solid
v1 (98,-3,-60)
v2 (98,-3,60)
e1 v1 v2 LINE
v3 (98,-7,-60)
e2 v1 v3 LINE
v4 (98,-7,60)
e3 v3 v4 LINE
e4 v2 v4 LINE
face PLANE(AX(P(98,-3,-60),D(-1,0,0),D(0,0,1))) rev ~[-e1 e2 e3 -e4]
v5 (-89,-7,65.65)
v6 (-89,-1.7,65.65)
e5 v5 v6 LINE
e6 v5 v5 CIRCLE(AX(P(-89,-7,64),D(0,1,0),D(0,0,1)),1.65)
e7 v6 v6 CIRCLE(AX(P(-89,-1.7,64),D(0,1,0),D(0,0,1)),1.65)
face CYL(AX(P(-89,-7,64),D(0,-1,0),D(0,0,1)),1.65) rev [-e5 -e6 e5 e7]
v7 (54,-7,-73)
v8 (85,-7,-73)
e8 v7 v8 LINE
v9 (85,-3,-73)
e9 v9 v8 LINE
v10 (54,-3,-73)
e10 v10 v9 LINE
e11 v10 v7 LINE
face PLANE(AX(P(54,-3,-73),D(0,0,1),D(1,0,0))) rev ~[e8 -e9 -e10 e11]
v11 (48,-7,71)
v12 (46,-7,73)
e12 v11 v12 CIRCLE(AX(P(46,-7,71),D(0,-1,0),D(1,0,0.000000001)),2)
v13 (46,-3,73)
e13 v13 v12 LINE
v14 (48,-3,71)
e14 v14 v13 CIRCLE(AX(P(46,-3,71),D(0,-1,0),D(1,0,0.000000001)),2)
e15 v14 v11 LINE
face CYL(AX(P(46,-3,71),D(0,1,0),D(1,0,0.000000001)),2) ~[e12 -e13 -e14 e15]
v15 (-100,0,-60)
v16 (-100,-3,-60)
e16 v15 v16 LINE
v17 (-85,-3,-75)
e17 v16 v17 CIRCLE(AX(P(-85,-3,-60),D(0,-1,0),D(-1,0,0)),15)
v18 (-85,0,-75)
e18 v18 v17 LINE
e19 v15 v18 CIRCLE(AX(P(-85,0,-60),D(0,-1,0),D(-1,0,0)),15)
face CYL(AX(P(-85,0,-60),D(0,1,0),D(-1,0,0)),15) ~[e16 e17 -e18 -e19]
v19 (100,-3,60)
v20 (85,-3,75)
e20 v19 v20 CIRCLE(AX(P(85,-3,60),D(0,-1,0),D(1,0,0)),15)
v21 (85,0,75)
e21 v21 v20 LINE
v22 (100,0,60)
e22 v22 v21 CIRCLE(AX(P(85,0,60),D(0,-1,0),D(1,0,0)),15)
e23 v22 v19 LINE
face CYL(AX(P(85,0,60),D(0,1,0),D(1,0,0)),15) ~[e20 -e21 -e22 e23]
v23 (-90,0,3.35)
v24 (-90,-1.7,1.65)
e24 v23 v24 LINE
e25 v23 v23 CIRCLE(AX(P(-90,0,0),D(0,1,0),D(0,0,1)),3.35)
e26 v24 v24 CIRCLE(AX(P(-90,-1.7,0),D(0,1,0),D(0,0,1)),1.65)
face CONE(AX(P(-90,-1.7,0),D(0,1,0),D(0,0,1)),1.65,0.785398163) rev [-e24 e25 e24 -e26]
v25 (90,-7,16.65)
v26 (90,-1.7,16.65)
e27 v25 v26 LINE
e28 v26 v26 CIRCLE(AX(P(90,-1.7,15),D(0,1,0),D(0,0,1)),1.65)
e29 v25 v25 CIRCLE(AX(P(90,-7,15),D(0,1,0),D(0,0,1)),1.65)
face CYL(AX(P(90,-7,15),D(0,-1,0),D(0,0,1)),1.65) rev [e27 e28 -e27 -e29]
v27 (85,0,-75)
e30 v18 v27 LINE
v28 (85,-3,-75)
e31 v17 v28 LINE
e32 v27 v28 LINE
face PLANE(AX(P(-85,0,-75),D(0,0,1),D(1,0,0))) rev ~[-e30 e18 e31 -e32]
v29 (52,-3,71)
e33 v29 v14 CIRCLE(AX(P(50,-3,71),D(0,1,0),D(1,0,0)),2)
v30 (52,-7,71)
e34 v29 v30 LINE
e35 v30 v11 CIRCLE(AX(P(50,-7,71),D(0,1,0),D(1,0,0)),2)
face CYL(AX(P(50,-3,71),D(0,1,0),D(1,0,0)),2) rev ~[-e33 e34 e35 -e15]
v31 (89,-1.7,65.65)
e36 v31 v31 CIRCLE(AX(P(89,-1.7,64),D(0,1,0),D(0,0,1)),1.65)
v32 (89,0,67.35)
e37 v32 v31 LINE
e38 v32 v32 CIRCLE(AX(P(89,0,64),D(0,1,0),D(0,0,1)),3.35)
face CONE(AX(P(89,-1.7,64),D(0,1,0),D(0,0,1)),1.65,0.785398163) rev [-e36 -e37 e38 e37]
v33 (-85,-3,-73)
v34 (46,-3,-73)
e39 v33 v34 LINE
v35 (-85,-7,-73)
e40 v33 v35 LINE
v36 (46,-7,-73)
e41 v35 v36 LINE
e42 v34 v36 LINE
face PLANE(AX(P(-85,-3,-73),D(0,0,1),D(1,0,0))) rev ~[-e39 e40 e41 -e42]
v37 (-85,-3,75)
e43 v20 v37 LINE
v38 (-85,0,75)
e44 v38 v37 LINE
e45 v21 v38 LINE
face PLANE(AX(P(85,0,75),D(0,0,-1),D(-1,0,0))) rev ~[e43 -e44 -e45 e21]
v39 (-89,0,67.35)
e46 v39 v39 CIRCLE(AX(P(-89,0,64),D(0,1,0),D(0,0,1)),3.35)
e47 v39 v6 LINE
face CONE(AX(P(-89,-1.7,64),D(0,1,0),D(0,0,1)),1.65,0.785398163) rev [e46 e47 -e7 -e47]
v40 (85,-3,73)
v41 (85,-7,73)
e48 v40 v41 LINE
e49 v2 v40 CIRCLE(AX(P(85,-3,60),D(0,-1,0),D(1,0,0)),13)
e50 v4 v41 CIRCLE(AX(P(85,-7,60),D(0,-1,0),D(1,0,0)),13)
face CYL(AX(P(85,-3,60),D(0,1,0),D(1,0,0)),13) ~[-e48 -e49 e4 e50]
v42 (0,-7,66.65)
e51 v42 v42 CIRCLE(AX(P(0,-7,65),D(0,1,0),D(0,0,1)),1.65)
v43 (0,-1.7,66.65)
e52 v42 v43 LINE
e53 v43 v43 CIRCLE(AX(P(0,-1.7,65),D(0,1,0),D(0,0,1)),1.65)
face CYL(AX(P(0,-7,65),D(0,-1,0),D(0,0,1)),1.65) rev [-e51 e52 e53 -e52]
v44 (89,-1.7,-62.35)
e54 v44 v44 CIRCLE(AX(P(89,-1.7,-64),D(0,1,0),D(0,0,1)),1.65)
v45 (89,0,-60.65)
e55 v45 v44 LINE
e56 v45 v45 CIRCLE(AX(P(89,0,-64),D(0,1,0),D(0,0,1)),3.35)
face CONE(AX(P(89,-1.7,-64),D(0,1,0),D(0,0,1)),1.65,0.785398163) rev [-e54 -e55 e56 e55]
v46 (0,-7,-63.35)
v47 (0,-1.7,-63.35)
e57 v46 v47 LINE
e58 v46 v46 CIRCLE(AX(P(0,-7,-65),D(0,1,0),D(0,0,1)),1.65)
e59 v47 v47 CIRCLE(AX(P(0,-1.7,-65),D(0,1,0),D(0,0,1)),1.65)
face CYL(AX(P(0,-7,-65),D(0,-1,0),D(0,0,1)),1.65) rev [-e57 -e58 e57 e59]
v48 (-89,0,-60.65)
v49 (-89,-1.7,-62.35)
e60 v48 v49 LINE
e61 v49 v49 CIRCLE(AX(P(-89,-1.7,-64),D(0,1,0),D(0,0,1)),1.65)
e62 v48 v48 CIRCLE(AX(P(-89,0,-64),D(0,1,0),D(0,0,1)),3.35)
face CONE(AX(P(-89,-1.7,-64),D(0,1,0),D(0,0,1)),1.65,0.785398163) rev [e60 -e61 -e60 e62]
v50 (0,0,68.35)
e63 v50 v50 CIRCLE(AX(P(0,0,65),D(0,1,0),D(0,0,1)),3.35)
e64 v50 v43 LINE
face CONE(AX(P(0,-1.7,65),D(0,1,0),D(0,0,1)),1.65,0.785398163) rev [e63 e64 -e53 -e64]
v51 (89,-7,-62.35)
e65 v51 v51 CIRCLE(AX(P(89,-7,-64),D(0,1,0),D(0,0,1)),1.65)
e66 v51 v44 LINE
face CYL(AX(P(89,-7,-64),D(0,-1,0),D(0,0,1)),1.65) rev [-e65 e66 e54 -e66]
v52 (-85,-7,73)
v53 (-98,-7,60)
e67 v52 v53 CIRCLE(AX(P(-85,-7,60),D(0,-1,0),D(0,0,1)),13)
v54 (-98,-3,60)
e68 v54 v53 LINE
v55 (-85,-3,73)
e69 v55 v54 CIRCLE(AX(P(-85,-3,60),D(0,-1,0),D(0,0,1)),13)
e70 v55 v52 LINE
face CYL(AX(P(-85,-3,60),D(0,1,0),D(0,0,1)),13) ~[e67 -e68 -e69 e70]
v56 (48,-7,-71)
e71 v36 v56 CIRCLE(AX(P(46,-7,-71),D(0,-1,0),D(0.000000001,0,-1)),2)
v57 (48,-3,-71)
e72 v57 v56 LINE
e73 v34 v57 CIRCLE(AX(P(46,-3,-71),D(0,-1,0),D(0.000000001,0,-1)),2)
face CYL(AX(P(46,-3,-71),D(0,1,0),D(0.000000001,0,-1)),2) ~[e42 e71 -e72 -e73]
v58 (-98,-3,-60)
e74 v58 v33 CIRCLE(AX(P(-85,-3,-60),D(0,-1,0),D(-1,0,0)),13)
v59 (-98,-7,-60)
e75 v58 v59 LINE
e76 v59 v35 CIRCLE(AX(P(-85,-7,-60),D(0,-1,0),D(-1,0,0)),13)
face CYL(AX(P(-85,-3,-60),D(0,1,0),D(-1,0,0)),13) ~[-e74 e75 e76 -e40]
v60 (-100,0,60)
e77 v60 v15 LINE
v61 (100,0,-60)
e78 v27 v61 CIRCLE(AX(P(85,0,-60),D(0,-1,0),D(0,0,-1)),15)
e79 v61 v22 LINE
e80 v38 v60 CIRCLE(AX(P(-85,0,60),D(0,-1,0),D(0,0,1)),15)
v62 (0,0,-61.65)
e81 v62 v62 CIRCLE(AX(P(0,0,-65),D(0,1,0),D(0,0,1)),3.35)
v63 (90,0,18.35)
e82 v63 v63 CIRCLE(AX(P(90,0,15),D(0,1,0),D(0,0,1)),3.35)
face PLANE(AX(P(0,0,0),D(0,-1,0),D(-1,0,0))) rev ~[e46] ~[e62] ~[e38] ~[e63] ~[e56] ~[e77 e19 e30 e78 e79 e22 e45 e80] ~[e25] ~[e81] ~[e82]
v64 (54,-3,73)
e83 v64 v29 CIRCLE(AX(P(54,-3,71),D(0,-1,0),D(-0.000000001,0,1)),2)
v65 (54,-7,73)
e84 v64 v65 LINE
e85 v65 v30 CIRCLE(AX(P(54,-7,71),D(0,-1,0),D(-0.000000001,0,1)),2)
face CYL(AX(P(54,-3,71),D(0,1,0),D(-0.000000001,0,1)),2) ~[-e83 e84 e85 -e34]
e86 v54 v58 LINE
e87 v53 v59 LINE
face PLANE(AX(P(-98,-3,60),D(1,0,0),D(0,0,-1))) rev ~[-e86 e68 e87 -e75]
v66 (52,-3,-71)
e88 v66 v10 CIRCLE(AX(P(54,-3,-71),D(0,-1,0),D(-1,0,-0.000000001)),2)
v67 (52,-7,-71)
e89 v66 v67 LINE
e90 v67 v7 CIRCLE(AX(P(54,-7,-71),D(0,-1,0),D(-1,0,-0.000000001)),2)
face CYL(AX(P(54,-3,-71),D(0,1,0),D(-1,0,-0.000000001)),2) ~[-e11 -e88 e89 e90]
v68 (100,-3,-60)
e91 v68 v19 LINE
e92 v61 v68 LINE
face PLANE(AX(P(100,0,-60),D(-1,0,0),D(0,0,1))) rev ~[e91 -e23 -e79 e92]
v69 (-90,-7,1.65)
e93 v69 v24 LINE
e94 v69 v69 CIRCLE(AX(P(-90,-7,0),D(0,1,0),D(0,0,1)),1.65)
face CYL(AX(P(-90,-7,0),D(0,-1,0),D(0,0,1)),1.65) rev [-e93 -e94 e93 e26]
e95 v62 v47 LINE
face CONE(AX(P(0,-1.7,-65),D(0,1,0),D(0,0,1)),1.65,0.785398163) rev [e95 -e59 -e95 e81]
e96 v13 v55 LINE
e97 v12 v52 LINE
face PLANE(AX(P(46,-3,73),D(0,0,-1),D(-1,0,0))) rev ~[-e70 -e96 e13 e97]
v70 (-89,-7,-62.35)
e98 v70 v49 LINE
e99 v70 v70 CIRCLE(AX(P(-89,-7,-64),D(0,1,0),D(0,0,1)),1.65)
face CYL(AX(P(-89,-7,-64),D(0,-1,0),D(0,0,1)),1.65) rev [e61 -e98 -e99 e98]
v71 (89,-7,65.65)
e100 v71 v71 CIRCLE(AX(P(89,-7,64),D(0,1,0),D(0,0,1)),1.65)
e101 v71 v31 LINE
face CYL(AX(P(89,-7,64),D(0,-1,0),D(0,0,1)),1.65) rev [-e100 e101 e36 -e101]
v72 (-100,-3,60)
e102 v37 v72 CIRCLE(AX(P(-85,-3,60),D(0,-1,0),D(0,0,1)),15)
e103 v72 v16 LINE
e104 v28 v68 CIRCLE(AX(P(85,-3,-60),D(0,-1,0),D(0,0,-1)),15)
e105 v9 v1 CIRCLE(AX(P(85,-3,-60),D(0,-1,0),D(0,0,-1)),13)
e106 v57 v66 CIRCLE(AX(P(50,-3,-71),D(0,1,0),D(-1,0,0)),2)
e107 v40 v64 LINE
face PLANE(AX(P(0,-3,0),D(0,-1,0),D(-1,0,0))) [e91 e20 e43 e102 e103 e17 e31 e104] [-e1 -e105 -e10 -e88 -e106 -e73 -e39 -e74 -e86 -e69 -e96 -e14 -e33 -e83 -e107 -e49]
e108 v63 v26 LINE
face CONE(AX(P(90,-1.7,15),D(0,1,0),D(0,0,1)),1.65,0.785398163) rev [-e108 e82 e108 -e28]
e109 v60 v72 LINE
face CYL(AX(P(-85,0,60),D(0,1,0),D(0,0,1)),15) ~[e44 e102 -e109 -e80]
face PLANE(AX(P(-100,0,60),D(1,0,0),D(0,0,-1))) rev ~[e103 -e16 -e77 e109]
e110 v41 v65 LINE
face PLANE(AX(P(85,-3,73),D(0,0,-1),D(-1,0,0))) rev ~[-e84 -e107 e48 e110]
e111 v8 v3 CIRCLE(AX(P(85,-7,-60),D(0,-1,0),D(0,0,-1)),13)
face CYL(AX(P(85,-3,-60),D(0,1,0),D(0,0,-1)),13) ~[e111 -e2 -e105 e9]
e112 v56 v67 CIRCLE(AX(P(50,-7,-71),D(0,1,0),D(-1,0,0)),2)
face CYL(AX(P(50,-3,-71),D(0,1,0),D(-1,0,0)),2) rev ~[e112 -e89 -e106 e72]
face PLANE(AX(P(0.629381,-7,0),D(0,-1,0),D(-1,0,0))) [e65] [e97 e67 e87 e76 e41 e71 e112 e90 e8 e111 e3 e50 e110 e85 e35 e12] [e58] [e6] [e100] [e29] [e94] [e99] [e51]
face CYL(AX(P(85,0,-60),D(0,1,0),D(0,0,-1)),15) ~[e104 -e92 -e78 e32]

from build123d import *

# Parameters (mm, degrees)
BASE_PLATE_DEPTH         = 3
INNER_START              = -3
INNER_BASE_PROFILE_DEPTH = 4
MOUNTING_START           = -7
BASEPLATE_5_R            = 1.65
MOUNTING_HOLES_DEPTH     = 7
COUNTERSINK_SIZE         = 1.7


with BuildPart() as part:
    # BasePlate → Base Plate (new body)
    with BuildSketch(Plane(origin=(0, 0, 0), x_dir=(1, 0, 0), z_dir=(0, 1, 0))):
        with BuildLine():
            Line((-85, 75), (85, 75))
            ThreePointArc((85, 75), (95.606601718, 70.606601718), (100, 60))
            Line((100, 60), (100, -60))
            ThreePointArc((100, -60), (95.606601718, -70.606601718), (85, -75))
            Line((85, -75), (-85, -75))
            ThreePointArc((-85, -75), (-95.606601718, -70.606601718), (-100, -60))
            Line((-100, -60), (-100, 60))
            ThreePointArc((-100, 60), (-95.606601718, 70.606601718), (-85, 75))
        make_face()
    extrude(amount=-BASE_PLATE_DEPTH)

    # BasePlate<4> → Inner Base Profile (add)
    with BuildSketch(Plane(origin=(0, 0, 0), x_dir=(1, 0, 0), z_dir=(0, 1, 0)).offset(INNER_START)):
        with BuildLine():
            Line((-85, 73), (46, 73))
            ThreePointArc((46, 73), (47.414213562, 72.414213562), (48, 71))
            ThreePointArc((48, 71), (50, 69), (52, 71))
            ThreePointArc((52, 71), (52.585786438, 72.414213562), (54, 73))
            Line((54, 73), (85, 73))
            ThreePointArc((85, 73), (94.192388155, 69.192388155), (98, 60))
            Line((98, 60), (98, -60))
            ThreePointArc((98, -60), (94.192388155, -69.192388155), (85, -73))
            Line((85, -73), (54, -73))
            ThreePointArc((54, -73), (52.585786438, -72.414213562), (52, -71))
            ThreePointArc((52, -71), (50, -69), (48, -71))
            ThreePointArc((48, -71), (47.414213562, -72.414213562), (46, -73))
            Line((46, -73), (-85, -73))
            ThreePointArc((-85, -73), (-94.192388155, -69.192388155), (-98, -60))
            Line((-98, -60), (-98, 60))
            ThreePointArc((-98, 60), (-94.192388155, 69.192388155), (-85, 73))
        make_face()
    extrude(amount=-INNER_BASE_PROFILE_DEPTH)

    # BasePlate<5> → Mounting Holes (cut)
    with BuildSketch(Plane(origin=(0, 0, 0), x_dir=(1, 0, 0), z_dir=(0, 1, 0)).offset(MOUNTING_START)):
        with Locations(Location((90, -15, 0), (0, 0, 270))):
            Circle(BASEPLATE_5_R)
        with Locations(Location((-89, 64, 0), (0, 0, 270))):
            Circle(BASEPLATE_5_R)
        with Locations(Location((89, 64, 0), (0, 0, 270))):
            Circle(BASEPLATE_5_R)
        with Locations(Location((89, -64, 0), (0, 0, 270))):
            Circle(BASEPLATE_5_R)
        with Locations(Location((-89, -64, 0), (0, 0, 270))):
            Circle(BASEPLATE_5_R)
        with Locations(Location((0, 65, 0), (0, 0, 270))):
            Circle(BASEPLATE_5_R)
        with Locations(Location((-90, 0, 0), (0, 0, 270))):
            Circle(BASEPLATE_5_R)
        with Locations(Location((0, -65, 0), (0, 0, 270))):
            Circle(BASEPLATE_5_R)
    extrude(amount=MOUNTING_HOLES_DEPTH, mode=Mode.SUBTRACT)

    # Countersink
    countersink_edges = [part.edges().sort_by_distance(p)[0] for p in [
        (-89, 0, 62.35),
        (0, 0, -66.65),
        (89, 0, -65.65),
        (90, 0, 13.35),
        (89, 0, 62.35),
        (-90, 0, -1.65),
        (-89, 0, -65.65),
        (0, 0, 63.35),
    ]]
    chamfer(countersink_edges, length=COUNTERSINK_SIZE)


solid = part.part
